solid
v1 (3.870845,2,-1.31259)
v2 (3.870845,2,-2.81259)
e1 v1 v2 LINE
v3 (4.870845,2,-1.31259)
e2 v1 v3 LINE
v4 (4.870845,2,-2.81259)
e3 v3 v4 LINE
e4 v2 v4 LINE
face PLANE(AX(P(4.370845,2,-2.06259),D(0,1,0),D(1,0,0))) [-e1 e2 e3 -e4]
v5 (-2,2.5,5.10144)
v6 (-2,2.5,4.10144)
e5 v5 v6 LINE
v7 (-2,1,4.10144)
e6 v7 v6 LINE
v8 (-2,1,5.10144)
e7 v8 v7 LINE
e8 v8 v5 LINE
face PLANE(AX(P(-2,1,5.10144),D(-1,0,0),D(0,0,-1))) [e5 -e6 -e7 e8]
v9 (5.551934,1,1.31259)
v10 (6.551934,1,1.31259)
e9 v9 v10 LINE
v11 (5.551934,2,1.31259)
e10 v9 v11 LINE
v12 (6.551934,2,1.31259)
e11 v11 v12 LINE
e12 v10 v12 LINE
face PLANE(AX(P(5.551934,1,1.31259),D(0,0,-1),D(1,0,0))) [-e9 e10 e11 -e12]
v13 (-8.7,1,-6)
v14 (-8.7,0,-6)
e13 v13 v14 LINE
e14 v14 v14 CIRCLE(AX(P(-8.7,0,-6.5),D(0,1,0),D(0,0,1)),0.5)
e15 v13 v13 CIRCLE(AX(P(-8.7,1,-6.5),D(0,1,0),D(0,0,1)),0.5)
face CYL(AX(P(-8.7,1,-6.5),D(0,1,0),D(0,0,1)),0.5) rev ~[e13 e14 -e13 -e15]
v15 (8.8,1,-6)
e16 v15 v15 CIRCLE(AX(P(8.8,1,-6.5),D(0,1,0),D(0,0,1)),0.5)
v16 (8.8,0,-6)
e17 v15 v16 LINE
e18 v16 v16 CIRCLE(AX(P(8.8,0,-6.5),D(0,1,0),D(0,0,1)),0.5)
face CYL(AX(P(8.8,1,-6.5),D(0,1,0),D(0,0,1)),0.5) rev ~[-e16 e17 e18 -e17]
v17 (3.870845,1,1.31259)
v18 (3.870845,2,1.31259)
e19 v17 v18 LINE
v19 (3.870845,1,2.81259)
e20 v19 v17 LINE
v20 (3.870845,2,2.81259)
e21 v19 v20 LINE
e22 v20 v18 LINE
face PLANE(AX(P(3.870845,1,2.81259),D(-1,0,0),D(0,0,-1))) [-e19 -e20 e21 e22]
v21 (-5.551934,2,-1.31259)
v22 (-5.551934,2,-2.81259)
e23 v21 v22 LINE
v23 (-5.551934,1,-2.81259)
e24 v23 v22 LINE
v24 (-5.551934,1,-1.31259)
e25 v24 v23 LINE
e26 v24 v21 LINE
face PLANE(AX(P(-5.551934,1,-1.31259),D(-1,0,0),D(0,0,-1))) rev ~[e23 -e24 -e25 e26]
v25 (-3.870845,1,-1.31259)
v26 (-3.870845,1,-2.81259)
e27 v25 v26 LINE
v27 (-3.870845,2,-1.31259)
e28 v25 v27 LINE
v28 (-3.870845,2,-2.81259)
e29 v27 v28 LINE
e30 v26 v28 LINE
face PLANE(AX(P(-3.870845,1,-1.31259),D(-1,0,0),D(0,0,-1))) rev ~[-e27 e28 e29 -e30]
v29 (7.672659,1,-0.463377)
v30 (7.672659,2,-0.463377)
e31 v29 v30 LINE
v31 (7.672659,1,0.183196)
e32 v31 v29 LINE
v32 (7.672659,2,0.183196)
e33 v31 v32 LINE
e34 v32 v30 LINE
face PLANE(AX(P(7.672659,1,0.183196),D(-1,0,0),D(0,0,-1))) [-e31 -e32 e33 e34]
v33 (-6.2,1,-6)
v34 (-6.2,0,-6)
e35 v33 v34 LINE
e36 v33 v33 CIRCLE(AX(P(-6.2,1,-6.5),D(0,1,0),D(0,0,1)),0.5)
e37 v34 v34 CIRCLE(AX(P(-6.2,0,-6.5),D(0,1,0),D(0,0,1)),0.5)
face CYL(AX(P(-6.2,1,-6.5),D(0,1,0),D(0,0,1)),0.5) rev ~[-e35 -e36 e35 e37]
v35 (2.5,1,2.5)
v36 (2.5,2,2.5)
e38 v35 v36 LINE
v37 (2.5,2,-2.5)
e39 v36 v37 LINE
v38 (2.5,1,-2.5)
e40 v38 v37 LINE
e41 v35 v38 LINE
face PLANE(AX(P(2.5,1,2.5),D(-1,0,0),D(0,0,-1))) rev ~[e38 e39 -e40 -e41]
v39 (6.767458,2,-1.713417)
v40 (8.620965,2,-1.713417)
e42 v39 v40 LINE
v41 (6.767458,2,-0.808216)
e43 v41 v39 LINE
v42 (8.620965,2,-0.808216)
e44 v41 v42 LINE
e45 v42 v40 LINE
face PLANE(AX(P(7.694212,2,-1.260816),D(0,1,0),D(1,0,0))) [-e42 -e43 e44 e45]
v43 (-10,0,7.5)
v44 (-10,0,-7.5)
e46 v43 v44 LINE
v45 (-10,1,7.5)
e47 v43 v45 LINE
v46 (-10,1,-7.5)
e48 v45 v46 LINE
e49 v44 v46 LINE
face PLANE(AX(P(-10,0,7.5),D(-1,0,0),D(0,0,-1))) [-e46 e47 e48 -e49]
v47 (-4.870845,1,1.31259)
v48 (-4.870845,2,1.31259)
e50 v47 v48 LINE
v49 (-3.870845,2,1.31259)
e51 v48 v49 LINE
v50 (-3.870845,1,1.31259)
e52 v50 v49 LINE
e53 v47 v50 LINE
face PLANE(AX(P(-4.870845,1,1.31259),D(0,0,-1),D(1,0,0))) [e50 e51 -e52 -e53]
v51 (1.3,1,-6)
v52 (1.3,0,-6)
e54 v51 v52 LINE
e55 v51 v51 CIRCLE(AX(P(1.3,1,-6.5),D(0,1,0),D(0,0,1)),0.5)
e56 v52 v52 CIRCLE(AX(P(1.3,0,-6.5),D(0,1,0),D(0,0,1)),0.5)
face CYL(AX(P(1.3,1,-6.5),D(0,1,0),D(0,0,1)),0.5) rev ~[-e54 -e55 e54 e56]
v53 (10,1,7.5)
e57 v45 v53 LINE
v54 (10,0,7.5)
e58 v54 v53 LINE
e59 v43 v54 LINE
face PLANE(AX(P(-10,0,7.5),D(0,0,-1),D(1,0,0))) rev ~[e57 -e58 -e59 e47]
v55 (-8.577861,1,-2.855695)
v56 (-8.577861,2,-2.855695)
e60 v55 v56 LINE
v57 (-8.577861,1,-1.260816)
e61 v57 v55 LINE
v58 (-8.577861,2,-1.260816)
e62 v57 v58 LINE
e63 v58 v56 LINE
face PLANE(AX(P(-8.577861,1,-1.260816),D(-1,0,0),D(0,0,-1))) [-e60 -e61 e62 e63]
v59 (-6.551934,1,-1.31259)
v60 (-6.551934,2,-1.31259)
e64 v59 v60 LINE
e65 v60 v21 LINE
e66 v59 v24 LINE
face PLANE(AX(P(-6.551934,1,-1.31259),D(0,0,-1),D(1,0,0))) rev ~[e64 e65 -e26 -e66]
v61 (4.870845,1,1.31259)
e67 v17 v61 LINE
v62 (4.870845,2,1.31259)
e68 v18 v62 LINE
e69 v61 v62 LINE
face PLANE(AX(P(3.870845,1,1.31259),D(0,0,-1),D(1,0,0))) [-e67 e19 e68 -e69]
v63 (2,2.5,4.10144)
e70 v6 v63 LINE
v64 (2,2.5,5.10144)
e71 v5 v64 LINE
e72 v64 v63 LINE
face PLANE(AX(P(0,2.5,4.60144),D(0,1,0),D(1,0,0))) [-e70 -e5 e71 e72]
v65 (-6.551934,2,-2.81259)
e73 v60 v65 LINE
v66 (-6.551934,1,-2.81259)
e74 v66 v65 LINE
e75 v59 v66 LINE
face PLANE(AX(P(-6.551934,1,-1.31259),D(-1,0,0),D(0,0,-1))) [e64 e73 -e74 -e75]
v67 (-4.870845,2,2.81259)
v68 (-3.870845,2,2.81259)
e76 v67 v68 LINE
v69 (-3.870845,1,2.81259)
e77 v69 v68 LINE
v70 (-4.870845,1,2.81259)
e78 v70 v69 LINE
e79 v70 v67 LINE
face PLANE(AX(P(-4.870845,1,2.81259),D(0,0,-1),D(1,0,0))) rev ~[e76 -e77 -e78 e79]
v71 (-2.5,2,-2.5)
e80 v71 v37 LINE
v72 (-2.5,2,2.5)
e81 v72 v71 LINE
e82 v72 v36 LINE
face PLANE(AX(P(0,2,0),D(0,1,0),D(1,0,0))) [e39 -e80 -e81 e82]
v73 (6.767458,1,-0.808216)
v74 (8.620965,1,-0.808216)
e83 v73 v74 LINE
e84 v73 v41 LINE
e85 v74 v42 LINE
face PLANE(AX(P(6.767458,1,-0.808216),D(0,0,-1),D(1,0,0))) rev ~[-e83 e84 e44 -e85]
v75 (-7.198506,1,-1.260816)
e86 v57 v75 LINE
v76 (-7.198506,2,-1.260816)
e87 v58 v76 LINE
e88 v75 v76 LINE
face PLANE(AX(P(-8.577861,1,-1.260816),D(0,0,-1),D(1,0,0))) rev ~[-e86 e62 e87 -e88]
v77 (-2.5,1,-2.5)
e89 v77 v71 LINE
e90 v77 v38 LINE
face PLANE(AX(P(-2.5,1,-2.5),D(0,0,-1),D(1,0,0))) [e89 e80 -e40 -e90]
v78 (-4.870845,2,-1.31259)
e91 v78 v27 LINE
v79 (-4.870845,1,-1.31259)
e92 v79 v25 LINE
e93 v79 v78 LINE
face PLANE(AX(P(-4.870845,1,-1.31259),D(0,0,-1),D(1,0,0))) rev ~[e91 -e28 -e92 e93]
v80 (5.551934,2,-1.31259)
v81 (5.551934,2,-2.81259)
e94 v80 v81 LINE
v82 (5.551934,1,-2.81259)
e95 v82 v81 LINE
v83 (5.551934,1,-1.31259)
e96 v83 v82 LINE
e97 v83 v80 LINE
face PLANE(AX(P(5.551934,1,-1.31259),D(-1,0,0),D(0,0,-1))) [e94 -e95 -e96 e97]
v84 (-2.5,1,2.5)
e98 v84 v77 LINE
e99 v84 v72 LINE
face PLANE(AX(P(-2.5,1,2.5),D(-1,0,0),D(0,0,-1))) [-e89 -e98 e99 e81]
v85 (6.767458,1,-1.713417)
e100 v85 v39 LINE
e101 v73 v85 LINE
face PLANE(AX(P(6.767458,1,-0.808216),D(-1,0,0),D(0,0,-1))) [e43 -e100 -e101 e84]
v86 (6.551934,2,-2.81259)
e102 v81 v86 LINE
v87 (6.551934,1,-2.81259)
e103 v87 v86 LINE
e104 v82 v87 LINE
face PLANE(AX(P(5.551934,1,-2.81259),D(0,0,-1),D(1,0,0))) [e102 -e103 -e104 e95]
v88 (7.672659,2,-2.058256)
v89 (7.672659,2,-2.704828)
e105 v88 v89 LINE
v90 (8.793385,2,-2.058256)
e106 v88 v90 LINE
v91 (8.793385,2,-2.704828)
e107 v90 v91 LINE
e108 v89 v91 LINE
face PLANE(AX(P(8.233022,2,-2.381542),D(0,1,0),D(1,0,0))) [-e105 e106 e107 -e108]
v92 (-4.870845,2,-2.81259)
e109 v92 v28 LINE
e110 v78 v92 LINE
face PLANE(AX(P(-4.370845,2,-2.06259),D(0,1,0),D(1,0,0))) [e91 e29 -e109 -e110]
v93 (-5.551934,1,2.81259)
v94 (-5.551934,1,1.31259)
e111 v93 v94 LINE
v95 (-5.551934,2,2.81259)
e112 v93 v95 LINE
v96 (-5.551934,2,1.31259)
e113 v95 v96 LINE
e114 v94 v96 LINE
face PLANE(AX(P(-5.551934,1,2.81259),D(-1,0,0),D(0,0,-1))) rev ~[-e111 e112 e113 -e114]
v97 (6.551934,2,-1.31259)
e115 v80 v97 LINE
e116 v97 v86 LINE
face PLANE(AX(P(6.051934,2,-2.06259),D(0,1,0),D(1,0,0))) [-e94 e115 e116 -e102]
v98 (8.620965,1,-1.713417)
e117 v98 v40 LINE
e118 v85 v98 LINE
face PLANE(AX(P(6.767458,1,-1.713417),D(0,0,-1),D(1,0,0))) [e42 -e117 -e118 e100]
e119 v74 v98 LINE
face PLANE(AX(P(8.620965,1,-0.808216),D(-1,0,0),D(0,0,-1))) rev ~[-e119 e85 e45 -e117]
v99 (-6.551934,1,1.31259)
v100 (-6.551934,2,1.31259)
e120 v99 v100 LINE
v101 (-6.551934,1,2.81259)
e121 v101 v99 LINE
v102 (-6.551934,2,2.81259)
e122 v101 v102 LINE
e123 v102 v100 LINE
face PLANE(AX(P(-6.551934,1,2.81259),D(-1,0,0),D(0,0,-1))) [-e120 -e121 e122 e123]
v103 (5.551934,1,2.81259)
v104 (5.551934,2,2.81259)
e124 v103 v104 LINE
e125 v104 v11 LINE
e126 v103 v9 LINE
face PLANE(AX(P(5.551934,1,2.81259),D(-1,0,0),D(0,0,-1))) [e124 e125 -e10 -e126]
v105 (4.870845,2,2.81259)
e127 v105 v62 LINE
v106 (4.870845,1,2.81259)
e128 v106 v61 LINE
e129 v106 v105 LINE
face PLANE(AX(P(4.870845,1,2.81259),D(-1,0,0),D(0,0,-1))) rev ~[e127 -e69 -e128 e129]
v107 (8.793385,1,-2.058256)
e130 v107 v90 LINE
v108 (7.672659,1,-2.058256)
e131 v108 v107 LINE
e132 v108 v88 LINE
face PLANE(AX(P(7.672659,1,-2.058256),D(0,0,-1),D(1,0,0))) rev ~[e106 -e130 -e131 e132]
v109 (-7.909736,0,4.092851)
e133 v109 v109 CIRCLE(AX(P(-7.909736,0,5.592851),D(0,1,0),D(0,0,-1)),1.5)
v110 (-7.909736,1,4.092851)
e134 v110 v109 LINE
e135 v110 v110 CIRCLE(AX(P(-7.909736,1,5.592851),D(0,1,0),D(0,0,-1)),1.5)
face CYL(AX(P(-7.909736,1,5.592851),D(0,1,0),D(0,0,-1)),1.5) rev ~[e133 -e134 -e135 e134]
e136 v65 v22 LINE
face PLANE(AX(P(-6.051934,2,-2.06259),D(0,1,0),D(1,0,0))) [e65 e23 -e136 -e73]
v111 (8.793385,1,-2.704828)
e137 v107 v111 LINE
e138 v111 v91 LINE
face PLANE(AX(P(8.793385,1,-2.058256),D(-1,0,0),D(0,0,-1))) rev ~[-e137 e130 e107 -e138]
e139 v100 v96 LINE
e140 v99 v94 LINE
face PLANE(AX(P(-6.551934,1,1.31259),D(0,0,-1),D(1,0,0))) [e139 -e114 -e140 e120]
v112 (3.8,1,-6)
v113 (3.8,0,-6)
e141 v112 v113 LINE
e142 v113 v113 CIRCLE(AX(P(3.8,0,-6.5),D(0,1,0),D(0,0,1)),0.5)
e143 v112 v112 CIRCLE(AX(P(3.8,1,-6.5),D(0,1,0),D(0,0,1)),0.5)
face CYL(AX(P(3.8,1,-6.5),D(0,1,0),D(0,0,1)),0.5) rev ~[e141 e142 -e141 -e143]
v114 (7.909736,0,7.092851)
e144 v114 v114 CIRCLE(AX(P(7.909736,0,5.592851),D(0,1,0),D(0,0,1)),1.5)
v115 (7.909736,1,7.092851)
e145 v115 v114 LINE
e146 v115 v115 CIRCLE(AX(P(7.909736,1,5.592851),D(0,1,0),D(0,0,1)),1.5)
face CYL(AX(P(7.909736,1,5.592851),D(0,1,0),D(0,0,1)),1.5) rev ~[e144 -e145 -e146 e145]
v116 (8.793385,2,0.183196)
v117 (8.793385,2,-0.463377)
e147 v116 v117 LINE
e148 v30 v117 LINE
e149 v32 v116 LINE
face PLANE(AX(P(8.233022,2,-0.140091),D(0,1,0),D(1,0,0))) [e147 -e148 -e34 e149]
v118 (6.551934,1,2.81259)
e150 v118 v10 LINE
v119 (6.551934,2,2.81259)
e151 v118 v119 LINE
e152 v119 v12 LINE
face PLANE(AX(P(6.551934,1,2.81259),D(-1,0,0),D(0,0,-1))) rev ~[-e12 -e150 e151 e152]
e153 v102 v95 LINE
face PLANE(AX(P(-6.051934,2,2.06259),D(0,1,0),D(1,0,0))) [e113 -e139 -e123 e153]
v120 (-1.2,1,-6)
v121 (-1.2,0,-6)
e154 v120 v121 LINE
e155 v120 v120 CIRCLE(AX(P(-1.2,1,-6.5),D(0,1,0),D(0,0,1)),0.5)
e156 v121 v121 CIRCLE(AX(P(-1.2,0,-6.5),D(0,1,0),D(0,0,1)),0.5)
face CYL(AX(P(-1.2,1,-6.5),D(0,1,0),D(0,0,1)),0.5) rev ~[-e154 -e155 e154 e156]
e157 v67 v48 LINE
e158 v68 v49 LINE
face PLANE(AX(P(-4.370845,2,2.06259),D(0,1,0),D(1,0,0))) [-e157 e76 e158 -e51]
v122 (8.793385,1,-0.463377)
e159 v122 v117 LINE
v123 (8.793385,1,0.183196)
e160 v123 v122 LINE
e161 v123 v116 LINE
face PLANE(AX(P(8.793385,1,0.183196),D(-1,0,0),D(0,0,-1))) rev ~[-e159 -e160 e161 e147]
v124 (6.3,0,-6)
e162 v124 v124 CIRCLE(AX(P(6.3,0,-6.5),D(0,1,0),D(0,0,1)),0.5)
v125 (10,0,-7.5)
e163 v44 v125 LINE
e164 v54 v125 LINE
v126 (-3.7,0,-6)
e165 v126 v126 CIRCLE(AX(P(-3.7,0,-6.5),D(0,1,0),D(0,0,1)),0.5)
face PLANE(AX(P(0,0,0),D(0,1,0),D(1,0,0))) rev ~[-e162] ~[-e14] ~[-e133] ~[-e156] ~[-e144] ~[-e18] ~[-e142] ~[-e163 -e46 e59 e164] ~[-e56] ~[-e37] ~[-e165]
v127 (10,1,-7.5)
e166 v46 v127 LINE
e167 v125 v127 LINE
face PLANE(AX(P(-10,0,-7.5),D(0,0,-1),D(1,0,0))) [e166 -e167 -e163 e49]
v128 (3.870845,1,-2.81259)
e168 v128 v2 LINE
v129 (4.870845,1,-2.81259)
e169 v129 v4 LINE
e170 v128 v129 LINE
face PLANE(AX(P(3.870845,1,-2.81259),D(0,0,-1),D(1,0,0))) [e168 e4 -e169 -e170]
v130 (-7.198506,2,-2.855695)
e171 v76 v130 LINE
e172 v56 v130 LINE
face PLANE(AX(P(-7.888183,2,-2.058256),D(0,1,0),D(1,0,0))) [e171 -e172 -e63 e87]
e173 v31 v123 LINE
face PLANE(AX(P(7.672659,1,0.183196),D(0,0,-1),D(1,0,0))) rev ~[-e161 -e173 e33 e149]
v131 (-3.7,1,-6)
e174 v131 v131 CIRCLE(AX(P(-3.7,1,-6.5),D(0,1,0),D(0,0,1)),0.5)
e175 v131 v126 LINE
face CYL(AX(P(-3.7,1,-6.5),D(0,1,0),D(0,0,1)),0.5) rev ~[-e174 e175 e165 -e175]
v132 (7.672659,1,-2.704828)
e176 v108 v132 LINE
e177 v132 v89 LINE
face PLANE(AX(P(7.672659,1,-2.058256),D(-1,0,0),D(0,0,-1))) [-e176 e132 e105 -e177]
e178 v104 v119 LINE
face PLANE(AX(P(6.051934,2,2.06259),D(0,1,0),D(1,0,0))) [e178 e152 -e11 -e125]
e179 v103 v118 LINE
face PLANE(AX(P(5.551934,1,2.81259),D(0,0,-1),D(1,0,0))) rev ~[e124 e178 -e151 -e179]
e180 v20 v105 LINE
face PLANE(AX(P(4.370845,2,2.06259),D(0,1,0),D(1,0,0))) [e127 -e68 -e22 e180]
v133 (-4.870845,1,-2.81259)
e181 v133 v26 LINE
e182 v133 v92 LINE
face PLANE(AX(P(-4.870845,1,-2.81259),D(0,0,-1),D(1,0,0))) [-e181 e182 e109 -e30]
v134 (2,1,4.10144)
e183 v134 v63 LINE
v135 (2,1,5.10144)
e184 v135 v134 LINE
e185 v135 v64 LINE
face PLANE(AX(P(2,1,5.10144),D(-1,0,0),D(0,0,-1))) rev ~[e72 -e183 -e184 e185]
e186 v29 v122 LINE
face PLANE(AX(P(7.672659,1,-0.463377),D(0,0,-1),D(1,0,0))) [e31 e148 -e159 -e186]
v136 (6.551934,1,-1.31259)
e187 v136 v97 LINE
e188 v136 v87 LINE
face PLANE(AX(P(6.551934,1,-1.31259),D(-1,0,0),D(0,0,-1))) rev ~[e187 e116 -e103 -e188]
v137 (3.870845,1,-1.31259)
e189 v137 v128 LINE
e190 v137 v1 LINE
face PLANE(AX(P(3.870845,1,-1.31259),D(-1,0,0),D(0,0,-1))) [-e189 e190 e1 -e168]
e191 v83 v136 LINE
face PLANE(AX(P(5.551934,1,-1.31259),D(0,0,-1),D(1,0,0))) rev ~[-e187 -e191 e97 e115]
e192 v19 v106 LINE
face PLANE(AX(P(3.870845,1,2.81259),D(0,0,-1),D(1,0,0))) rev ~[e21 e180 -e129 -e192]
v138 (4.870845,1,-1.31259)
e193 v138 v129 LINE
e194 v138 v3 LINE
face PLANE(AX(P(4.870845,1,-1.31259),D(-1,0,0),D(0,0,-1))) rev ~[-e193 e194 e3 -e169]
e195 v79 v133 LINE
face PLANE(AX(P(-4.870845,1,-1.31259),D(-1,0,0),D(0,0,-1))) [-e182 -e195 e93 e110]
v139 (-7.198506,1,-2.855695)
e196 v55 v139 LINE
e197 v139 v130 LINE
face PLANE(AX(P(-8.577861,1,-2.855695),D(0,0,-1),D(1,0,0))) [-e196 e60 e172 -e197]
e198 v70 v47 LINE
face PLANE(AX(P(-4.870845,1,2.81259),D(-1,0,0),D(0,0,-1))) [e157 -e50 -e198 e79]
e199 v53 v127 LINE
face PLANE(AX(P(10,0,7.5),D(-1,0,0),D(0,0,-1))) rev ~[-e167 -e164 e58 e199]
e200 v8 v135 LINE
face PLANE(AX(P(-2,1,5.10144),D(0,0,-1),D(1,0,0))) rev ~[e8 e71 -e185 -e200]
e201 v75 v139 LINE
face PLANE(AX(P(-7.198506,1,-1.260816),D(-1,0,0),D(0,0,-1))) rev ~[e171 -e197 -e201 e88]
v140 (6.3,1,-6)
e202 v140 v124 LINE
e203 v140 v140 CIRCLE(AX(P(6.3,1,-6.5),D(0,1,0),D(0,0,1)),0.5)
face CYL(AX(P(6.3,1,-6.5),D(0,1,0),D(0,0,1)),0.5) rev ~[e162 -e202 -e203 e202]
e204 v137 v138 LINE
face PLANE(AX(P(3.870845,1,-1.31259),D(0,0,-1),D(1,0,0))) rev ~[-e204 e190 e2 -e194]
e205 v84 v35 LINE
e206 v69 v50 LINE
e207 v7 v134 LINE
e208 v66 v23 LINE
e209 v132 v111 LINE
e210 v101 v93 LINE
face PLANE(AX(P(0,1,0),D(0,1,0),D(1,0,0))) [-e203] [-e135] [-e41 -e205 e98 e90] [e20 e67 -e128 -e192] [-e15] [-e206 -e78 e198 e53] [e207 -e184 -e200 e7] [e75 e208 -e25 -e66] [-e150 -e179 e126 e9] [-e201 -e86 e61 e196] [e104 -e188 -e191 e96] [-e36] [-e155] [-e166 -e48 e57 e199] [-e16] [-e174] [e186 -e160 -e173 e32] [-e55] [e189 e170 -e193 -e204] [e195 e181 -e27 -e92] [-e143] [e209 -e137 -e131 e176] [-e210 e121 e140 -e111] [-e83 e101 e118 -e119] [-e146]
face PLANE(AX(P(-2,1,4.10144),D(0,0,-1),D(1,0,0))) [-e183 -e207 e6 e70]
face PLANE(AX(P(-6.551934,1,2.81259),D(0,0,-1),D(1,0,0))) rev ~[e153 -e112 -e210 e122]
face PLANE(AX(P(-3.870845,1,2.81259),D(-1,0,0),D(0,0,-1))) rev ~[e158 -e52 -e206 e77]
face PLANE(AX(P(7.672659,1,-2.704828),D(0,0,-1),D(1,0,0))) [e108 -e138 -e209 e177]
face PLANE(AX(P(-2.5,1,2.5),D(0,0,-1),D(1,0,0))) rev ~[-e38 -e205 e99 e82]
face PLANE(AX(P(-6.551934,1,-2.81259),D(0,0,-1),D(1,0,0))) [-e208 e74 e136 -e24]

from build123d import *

# Parameters (mm, degrees)
SKETCH1_W           = 20
SKETCH1_H           = 15
BOSS_EXTRUDE1_DEPTH = 1
SKETCH2_R           = 0.5
CUT_EXTRUDE1_DEPTH  = 1
SKETCH3_R           = 1.5
CUT_EXTRUDE2_DEPTH  = 1
SKETCH4_W           = 5
SKETCH4_H           = 5
BOSS_EXTRUDE2_DEPTH = 1
SKETCH5_W           = 4
SKETCH5_H           = 1
BOSS_EXTRUDE3_DEPTH = 1.5
SKETCH6_W           = 1
SKETCH6_H           = 1.5
BOSS_EXTRUDE4_DEPTH = 1
SKETCH7_W           = 1.379354472
SKETCH7_H           = 1.594878607
SKETCH7_W_2         = 1.853507571
SKETCH7_H_2         = 0.905201372
SKETCH7_W_3         = 1.120725508
SKETCH7_H_3         = 0.646572409
BOSS_EXTRUDE5_DEPTH = 1


with BuildPart() as part:
    # Sketch1 → Boss-Extrude1 (new body)
    with BuildSketch(Plane(origin=(0, 0, 0), x_dir=(1, 0, 0), z_dir=(0, 1, 0))):
        Rectangle(SKETCH1_W, SKETCH1_H)
    extrude(amount=BOSS_EXTRUDE1_DEPTH)

    # Sketch2 → Cut-Extrude1 (cut)
    with BuildSketch(Plane(origin=(0, 1, 0), x_dir=(1, 0, 0), z_dir=(0, 1, 0))):
        with Locations(Location((8.8, 6.5, 0), (0, 0, 270))):
            Circle(SKETCH2_R)
        with Locations(Location((6.3, 6.5, 0), (0, 0, 270))):
            Circle(SKETCH2_R)
        with Locations(Location((3.8, 6.5, 0), (0, 0, 270))):
            Circle(SKETCH2_R)
        with Locations(Location((1.3, 6.5, 0), (0, 0, 270))):
            Circle(SKETCH2_R)
        with Locations(Location((-1.2, 6.5, 0), (0, 0, 270))):
            Circle(SKETCH2_R)
        with Locations(Location((-3.7, 6.5, 0), (0, 0, 270))):
            Circle(SKETCH2_R)
        with Locations(Location((-6.2, 6.5, 0), (0, 0, 270))):
            Circle(SKETCH2_R)
        with Locations(Location((-8.7, 6.5, 0), (0, 0, 270))):
            Circle(SKETCH2_R)
    extrude(amount=-CUT_EXTRUDE1_DEPTH, mode=Mode.SUBTRACT)

    # Sketch3 → Cut-Extrude2 (cut)
    with BuildSketch(Plane(origin=(0, 1, 0), x_dir=(1, 0, 0), z_dir=(0, 1, 0))):
        with Locations(Location((7.909735798, -5.592851334, 0), (0, 0, 270))):
            Circle(SKETCH3_R)
        with Locations(Location((-7.909735798, -5.592851334, 0), (0, 0, 90))):
            Circle(SKETCH3_R)
    extrude(amount=-CUT_EXTRUDE2_DEPTH, mode=Mode.SUBTRACT)

    # Sketch4 → Boss-Extrude2 (add)
    with BuildSketch(Plane(origin=(0, 1, 0), x_dir=(1, 0, 0), z_dir=(0, 1, 0))):
        Rectangle(SKETCH4_W, SKETCH4_H)
    extrude(amount=BOSS_EXTRUDE2_DEPTH)

    # Sketch5 → Boss-Extrude3 (add)
    with BuildSketch(Plane(origin=(0, 1, 0), x_dir=(1, 0, 0), z_dir=(0, 1, 0))):
        with Locations((0, -4.601440307)):
            Rectangle(SKETCH5_W, SKETCH5_H)
    extrude(amount=BOSS_EXTRUDE3_DEPTH)

    # Sketch6 → Boss-Extrude4 (add)
    with BuildSketch(Plane(origin=(0, 1, 0), x_dir=(1, 0, 0), z_dir=(0, 1, 0))):
        with Locations((-6.05193374, 2.062589977)):
            Rectangle(SKETCH6_W, SKETCH6_H)
        with Locations((-4.370845478, 2.062589977)):
            Rectangle(SKETCH6_W, SKETCH6_H)
        with Locations((-6.05193374, -2.062589977)):
            Rectangle(SKETCH6_W, SKETCH6_H)
        with Locations((-4.370845478, -2.062589977)):
            Rectangle(SKETCH6_W, SKETCH6_H)
        with Locations((4.370845478, -2.062589977)):
            Rectangle(SKETCH6_W, SKETCH6_H)
        with Locations((6.05193374, -2.062589977)):
            Rectangle(SKETCH6_W, SKETCH6_H)
        with Locations((4.370845478, 2.062589977)):
            Rectangle(SKETCH6_W, SKETCH6_H)
        with Locations((6.05193374, 2.062589977)):
            Rectangle(SKETCH6_W, SKETCH6_H)
    extrude(amount=BOSS_EXTRUDE4_DEPTH)

    # Sketch7 → Boss-Extrude5 (add)
    with BuildSketch(Plane(origin=(0, 1, 0), x_dir=(1, 0, 0), z_dir=(0, 1, 0))):
        with Locations((-7.888183384, 2.058255501)):
            Rectangle(SKETCH7_W, SKETCH7_H)
        with Locations((7.694211662, 1.260816197)):
            Rectangle(SKETCH7_W_2, SKETCH7_H_2)
        with Locations((8.233022002, 2.381541705)):
            Rectangle(SKETCH7_W_3, SKETCH7_H_3)
        with Locations((8.233022002, 0.140090689)):
            Rectangle(SKETCH7_W_3, SKETCH7_H_3)
    extrude(amount=BOSS_EXTRUDE5_DEPTH)


solid = part.part
